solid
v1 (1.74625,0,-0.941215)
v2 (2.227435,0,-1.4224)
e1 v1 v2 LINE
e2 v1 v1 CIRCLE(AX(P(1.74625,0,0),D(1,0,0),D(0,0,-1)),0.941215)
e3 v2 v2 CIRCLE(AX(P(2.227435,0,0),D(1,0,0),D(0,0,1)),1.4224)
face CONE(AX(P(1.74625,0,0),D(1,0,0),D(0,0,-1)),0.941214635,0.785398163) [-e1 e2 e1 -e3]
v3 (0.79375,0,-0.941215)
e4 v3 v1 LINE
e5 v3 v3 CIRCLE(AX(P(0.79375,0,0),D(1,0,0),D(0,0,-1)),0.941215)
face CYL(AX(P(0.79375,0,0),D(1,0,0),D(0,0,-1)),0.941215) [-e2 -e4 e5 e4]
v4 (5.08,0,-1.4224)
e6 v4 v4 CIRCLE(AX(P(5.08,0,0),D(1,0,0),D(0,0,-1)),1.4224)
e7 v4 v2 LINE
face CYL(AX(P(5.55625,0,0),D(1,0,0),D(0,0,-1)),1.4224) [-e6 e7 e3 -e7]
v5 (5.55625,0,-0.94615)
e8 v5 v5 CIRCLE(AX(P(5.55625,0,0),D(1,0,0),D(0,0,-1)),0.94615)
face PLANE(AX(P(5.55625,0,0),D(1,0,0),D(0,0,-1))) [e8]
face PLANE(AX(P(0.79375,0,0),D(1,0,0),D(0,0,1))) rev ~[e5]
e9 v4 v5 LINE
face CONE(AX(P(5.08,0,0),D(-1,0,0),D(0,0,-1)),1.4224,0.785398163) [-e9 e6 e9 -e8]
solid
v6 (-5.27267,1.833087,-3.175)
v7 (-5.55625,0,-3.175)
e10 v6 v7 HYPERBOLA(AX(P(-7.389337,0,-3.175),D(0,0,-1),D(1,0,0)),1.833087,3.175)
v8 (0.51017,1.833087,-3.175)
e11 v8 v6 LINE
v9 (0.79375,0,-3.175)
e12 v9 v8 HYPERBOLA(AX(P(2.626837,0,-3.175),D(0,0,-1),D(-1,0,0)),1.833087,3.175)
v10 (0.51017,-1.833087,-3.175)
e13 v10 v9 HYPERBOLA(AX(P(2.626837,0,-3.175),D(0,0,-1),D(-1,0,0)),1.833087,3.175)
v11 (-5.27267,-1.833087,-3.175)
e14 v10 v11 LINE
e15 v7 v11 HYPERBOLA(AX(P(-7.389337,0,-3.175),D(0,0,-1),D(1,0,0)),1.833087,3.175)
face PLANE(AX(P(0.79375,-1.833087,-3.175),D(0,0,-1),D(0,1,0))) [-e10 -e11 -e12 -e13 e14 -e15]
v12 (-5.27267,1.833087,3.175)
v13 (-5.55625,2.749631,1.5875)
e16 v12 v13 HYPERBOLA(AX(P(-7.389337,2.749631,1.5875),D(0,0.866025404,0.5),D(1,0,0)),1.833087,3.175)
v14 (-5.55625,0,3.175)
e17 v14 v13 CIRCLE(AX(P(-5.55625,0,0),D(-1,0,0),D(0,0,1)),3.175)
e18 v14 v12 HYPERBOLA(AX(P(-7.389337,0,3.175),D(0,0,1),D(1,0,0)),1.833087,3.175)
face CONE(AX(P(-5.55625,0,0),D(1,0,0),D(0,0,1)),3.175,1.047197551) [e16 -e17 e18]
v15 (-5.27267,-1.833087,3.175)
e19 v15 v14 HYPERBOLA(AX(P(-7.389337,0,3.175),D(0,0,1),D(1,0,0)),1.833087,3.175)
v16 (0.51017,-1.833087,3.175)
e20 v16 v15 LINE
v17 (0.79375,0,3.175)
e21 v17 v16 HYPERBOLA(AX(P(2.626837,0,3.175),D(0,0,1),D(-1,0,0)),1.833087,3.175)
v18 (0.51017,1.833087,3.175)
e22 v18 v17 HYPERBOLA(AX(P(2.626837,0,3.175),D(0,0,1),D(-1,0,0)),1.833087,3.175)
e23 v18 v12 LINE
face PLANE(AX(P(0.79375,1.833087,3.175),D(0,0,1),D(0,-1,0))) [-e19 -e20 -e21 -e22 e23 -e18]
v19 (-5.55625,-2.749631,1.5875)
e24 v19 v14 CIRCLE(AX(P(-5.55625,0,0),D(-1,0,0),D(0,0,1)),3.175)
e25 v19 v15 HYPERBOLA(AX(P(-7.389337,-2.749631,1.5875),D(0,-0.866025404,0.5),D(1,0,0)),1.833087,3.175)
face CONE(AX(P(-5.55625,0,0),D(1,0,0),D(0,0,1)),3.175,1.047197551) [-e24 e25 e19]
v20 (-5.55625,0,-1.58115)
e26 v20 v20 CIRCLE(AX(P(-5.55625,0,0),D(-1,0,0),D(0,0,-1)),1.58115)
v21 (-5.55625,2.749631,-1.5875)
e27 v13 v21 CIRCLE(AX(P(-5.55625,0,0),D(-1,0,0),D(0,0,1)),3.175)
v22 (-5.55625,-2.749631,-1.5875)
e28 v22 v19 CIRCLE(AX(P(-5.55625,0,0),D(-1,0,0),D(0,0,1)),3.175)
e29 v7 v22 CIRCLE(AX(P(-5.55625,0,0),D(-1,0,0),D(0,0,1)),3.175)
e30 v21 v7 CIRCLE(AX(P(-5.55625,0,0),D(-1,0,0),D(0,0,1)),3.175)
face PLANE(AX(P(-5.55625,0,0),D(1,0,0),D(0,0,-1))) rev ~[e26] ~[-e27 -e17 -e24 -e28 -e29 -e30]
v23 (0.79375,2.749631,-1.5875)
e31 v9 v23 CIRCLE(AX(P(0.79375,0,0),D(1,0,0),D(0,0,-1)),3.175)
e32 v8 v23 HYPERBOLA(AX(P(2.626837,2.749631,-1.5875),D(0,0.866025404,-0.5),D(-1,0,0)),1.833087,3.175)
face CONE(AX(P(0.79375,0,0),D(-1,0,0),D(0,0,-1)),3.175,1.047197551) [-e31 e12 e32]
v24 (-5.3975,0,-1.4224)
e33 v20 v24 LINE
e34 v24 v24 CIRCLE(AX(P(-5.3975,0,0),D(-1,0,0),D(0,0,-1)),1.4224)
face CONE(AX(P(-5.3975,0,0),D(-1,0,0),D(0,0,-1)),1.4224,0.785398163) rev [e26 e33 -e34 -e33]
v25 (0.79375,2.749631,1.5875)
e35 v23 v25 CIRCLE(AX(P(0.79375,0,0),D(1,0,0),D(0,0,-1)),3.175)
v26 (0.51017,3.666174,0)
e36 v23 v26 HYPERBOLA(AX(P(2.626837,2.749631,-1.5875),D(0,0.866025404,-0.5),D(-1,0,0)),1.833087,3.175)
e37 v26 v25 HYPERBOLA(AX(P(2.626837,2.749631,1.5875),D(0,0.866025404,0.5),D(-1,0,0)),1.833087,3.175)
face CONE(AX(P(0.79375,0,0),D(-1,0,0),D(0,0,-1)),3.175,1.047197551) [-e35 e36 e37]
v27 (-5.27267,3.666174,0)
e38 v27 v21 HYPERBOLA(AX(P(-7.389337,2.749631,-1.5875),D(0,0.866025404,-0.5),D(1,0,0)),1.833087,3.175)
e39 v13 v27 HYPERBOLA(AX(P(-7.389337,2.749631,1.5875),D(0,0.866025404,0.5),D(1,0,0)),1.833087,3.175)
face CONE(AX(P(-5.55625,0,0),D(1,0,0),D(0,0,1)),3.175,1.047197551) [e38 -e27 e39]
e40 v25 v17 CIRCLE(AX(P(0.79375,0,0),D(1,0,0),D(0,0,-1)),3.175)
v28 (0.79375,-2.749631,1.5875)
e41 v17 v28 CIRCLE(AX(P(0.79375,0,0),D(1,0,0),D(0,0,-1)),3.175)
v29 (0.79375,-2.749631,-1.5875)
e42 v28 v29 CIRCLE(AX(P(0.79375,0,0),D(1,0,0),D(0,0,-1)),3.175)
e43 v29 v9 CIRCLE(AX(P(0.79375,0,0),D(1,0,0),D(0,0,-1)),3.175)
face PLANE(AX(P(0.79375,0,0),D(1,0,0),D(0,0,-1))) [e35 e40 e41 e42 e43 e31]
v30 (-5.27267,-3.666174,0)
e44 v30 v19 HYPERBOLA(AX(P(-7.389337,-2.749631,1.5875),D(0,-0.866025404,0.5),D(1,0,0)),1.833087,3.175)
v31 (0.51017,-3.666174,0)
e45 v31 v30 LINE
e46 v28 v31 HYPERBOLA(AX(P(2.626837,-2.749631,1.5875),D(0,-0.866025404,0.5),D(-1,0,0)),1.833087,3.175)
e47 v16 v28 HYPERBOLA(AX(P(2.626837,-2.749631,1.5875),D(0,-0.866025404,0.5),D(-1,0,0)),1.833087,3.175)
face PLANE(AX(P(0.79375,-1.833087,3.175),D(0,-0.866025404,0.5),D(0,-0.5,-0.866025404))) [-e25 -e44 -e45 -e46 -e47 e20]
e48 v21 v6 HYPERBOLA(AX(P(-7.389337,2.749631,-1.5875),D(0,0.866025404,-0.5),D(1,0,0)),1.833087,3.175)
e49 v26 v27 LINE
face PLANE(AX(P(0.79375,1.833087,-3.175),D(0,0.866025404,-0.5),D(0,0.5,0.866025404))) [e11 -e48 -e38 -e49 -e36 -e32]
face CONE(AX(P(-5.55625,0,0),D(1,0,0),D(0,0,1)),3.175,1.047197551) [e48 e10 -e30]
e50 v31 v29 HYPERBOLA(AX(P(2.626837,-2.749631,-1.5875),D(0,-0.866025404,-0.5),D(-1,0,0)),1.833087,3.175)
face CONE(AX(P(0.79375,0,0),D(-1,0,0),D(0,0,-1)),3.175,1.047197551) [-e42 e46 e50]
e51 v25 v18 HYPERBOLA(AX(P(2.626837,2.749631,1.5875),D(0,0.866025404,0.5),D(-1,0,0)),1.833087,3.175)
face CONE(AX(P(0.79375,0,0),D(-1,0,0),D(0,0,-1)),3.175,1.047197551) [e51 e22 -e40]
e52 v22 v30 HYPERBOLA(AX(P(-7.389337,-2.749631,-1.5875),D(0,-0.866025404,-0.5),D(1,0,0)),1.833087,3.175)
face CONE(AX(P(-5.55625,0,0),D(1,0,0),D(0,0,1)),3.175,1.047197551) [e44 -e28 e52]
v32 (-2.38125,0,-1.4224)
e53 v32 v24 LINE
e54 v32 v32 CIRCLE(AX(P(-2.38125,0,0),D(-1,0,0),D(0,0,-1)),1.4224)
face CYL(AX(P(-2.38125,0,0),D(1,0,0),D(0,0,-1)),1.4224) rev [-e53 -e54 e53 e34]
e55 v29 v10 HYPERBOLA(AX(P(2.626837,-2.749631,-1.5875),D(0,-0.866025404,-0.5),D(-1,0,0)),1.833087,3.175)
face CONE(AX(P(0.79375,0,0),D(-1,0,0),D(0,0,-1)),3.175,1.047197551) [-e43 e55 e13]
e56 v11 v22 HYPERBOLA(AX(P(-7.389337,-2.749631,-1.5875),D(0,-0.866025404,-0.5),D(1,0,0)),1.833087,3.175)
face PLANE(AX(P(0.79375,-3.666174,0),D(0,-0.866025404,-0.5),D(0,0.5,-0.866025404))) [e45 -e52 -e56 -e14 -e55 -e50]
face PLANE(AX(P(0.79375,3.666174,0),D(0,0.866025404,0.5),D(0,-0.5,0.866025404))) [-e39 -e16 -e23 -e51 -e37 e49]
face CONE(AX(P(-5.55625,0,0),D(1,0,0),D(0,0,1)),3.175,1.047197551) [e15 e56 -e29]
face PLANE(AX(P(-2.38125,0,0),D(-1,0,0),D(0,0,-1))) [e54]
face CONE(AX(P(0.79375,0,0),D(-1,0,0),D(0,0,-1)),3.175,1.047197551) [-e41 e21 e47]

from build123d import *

# Parameters (mm, degrees)
SKETCH2_R         = 1.4224
EXTRUDE1_DEPTH    = 4.7625
CHAMFER1_SIZE     = 0.47625
EXTRUDE4_DEPTH    = 6.35
SKETCH8_OUTSIDE_W = 56.766
SKETCH8_OUTSIDE_H = 57.748
SKETCH8_OUTSIDE_R = 3.175
EXTRUDE5_DEPTH    = 13.124731526
EXTRUDE5_DRAFT    = -60
EXTRUDE7_START    = -3.175
SKETCH10_R        = 1.4224
EXTRUDE7_DEPTH    = 3.175
SKETCH9_OUTSIDE_W = 42.444
SKETCH9_OUTSIDE_H = 43.426
SKETCH9_OUTSIDE_R = 3.175
EXTRUDE6_DEPTH    = 8.990241444
EXTRUDE6_DRAFT    = -60
CHAMFER2_SIZE     = 0.15875


with BuildPart() as part:
    # Sketch2 → Extrude1 (new body)
    with BuildSketch(Plane(origin=(5.55625, 0, 0), x_dir=(0, 0, -1), z_dir=(1, 0, 0))):
        Circle(SKETCH2_R)
    extrude(amount=-EXTRUDE1_DEPTH)

    # Chamfer1
    chamfer1_edges = [part.edges().sort_by_distance(p)[0] for p in [
        (5.55625, 0, 1.4224),
    ]]
    chamfer(chamfer1_edges, length=CHAMFER1_SIZE)

    # Sketch16 → Cut-Revolve1 (revolve, cut)
    with BuildSketch(Plane.XY, mode=Mode.PRIVATE) as cut_revolve1_sk:
        Polygon((0.79375, 0.941214635), (1.74625, 0.941214635), (2.261805748, 1.456770383), (0.79375, 1.456770383), align=None)
    revolve(cut_revolve1_sk.sketch.rotate(Axis((0, 0, 0), (1, 0, 0)), 270), axis=Axis((0, 0, 0), (1, 0, 0)), mode=Mode.SUBTRACT)

    # Sketch7 → Extrude4 (add)
    with BuildSketch(Plane(origin=(0.79375, 0, 0), x_dir=(0, 0, -1), z_dir=(1, 0, 0))):
        Polygon((0, 3.666174209), (-3.175, 1.833087105), (-3.175, -1.833087105), (0, -3.666174209), (3.175, -1.833087105), (3.175, 1.833087105), align=None)
    extrude(amount=-EXTRUDE4_DEPTH)


with BuildPart() as extrude5_tool:
    # Sketch8 outside → Extrude5 (with draft: the straight prism first)
    with BuildSketch(Plane.ZY.offset(5.55625)):
        Rectangle(SKETCH8_OUTSIDE_W, SKETCH8_OUTSIDE_H)
        Circle(SKETCH8_OUTSIDE_R, mode=Mode.SUBTRACT)
    extrude(amount=-EXTRUDE5_DEPTH)
    # Extrude5: the draft: its side faces are tilted about the plane it starts from
    extrude5_sides = [extrude5_tool.faces().sort_by_distance(p)[0] for p in [
        (1.006115763, -28.874, 0),
        (1.006115763, 0, 28.383),
        (1.006115763, 28.874, 0),
        (1.006115763, 0, -28.383),
        (1.006115763, 0, -3.175),
    ]]
    draft(extrude5_sides, Plane.ZY.offset(5.55625), EXTRUDE5_DRAFT)


with BuildPart() as part_1:
    add(part.part)

    # Extrude5: cut by extrude5_tool
    add(extrude5_tool.part, mode=Mode.SUBTRACT)

    # Sketch10 → Extrude7 (cut)
    with BuildSketch(Plane.ZY.offset(5.55625).offset(EXTRUDE7_START)):
        with Locations(Location((0, 0, 0), (0, 0, 180))):
            Circle(SKETCH10_R)
    extrude(amount=EXTRUDE7_DEPTH, mode=Mode.SUBTRACT)


with BuildPart() as extrude6_tool:
    # Sketch9 outside → Extrude6 (with draft: the straight prism first)
    with BuildSketch(Plane(origin=(0.79375, 0, 0), x_dir=(0, 0, -1), z_dir=(1, 0, 0))):
        Rectangle(SKETCH9_OUTSIDE_W, SKETCH9_OUTSIDE_H)
        Circle(SKETCH9_OUTSIDE_R, mode=Mode.SUBTRACT)
    extrude(amount=-EXTRUDE6_DEPTH)
    # Extrude6: the draft: its side faces are tilted about the plane it starts from
    extrude6_sides = [extrude6_tool.faces().sort_by_distance(p)[0] for p in [
        (-3.701370722, -21.713, 0),
        (-3.701370722, 0, -21.222),
        (-3.701370722, 21.713, 0),
        (-3.701370722, 0, 21.222),
        (-3.701370722, 0, 3.175),
    ]]
    draft(extrude6_sides, Plane(origin=(0.79375, 0, 0), x_dir=(0, 0, -1), z_dir=(1, 0, 0)), EXTRUDE6_DRAFT)


with BuildPart() as part_2:
    add(part_1.part)

    # Extrude6: cut by extrude6_tool
    add(extrude6_tool.part, mode=Mode.SUBTRACT)


with BuildPart() as body_2:
    # Split1: the piece on the far side of the plane
    add(part_2.part)
    split(bisect_by=Plane(origin=(0.79375, 0, 0), x_dir=(0, 0, 1), z_dir=(1, 0, 0)), keep=Keep.BOTTOM)

    # Chamfer2
    chamfer2_edges = [body_2.edges().sort_by_distance(p)[0] for p in [
        (-5.55625, 0, 1.4224),
    ]]
    chamfer(chamfer2_edges, length=CHAMFER2_SIZE)


with BuildPart() as part_3:
    add(part_2.part)

    # Split1
    split(bisect_by=Plane(origin=(0.79375, 0, 0), x_dir=(0, 0, 1), z_dir=(1, 0, 0)), keep=Keep.TOP)


solid = Compound([body_2.part, part_3.part])
